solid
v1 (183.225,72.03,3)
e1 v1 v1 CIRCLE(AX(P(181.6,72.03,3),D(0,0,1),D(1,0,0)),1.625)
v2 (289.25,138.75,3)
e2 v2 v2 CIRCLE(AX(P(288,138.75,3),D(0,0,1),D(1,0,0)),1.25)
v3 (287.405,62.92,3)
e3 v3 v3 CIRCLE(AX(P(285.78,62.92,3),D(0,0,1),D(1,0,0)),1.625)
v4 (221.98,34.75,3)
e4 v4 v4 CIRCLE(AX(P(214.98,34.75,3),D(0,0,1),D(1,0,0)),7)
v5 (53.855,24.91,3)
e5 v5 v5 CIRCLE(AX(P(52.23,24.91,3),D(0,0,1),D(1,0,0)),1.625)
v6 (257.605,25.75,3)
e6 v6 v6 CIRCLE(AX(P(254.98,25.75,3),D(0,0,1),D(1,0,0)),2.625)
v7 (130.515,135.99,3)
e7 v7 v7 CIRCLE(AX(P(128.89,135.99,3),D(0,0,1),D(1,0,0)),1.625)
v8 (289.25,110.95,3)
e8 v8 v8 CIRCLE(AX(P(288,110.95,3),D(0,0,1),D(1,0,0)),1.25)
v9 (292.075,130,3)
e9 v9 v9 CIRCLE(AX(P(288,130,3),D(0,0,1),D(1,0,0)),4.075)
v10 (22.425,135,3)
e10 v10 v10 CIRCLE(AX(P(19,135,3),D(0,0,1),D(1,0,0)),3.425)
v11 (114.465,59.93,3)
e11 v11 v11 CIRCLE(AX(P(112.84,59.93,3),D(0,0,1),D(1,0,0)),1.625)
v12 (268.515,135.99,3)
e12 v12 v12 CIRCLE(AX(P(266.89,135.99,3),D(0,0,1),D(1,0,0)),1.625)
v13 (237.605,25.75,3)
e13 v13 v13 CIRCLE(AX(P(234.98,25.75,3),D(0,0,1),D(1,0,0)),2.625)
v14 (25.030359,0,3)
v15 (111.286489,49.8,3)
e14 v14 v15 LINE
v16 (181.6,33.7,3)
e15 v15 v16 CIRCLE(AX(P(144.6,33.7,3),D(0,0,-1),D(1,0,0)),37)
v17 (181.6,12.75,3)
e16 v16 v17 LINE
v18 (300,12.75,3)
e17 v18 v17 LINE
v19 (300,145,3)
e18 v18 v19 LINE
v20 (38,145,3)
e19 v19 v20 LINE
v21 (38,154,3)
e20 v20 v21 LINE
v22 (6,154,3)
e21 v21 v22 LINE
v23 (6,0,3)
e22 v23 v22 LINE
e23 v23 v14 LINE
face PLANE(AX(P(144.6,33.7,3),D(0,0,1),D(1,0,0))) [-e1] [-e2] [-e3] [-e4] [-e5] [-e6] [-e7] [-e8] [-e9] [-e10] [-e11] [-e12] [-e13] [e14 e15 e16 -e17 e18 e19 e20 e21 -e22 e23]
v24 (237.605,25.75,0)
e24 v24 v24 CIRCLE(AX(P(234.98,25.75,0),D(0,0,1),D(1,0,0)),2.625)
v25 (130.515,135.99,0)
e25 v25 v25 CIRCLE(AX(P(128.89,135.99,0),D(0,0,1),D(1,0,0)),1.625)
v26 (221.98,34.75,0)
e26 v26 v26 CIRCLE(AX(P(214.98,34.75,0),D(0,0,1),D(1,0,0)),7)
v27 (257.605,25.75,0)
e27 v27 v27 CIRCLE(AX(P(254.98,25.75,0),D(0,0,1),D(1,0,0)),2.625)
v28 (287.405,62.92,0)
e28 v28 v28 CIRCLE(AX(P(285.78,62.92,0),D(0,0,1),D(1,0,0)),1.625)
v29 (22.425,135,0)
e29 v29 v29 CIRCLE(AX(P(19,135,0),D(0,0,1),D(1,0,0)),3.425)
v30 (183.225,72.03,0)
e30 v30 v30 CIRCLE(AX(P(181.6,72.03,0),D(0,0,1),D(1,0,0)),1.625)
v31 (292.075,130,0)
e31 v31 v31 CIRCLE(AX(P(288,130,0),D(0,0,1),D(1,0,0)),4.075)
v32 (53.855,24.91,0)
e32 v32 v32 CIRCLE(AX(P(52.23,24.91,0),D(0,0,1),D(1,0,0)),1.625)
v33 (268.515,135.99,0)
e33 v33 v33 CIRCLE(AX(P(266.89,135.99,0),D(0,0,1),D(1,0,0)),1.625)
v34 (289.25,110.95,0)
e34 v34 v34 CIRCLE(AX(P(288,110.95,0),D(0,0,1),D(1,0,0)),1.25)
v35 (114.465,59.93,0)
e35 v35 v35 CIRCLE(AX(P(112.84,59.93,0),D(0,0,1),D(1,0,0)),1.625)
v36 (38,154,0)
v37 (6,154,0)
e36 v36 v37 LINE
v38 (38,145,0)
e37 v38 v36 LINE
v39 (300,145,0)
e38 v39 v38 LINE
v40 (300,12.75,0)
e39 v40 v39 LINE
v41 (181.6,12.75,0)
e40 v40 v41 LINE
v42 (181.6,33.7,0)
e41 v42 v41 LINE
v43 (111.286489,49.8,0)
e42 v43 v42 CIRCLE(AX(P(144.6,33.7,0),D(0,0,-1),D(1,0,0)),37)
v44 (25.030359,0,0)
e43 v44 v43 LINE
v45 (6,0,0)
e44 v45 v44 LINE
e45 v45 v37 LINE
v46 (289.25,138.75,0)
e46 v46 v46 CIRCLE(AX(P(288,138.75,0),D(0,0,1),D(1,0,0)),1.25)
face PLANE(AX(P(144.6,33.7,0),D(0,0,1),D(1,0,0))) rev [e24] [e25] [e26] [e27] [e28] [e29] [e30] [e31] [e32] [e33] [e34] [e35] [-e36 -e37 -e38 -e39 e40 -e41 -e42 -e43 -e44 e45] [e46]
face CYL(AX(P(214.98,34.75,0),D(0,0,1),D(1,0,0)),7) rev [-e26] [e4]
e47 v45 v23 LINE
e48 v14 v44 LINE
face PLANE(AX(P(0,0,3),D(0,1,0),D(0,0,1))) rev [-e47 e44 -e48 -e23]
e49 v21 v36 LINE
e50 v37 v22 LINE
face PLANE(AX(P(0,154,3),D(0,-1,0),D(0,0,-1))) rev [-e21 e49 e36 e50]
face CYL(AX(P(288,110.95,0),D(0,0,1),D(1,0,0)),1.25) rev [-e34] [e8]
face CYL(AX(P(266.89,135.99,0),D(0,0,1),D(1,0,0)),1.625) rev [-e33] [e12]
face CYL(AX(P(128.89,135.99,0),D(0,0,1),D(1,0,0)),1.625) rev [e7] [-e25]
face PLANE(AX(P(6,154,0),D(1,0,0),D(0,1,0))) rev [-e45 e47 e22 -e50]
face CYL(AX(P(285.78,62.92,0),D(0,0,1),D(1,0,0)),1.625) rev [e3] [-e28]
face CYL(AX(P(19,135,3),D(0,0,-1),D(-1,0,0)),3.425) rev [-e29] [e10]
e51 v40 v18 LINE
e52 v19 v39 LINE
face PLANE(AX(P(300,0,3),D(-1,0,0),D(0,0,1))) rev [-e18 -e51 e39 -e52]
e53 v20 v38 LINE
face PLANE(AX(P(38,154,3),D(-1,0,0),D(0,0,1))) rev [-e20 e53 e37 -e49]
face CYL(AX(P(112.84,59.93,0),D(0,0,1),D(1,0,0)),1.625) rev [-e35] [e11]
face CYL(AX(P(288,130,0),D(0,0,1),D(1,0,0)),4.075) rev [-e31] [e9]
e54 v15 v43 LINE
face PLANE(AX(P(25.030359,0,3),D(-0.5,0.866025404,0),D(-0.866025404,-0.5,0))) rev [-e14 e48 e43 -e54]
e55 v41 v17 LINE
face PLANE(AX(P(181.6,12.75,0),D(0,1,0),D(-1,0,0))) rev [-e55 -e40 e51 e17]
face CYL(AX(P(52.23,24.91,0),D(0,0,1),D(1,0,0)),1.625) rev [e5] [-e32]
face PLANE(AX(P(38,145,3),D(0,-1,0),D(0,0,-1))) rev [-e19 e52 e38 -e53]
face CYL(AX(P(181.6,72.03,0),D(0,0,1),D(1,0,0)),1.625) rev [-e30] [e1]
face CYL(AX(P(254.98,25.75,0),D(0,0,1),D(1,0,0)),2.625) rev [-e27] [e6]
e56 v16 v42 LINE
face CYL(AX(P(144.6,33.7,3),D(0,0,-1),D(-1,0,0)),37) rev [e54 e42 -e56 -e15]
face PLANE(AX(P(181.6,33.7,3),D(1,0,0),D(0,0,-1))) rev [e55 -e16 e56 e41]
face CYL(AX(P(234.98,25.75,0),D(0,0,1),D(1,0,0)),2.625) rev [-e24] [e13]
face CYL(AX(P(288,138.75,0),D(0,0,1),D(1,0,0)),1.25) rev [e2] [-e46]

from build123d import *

# Parameters (mm, degrees)
SKETCH2_R           = 3.425
BOSS_EXTRUDE2_DEPTH = 3
SKETCH3_W           = 118.4
SKETCH3_H           = 12.75
CUT_EXTRUDE1_DEPTH  = 338.231374578
SKETCH5_R           = 2.625
SKETCH5_R_2         = 4.075
SKETCH5_R_3         = 1.25
SKETCH5_R_4         = 1.625
SKETCH5_R_5         = 7
SKETCH5_W           = 6
SKETCH5_H           = 154
CUT_EXTRUDE2_DEPTH  = 338.231374578


with BuildPart() as part:
    # Sketch2 → Boss-Extrude2 (new body)
    with BuildSketch(Plane.XY):
        with BuildLine():
            Line((25.03035901, 0), (111.286489227, 49.8))
            ThreePointArc((111.286489227, 49.8), (152.858332199, 69.766604349), (181.6, 33.7))
            Line((181.6, 33.7), (181.6, 0))
            Line((181.6, 0), (300, 0))
            Line((300, 0), (300, 145))
            Line((300, 145), (38, 145))
            Line((38, 145), (38, 154))
            Line((38, 154), (19, 154))
            Line((19, 154), (0, 154))
            Line((0, 154), (0, 0))
            Line((0, 0), (25.03035901, 0))
        make_face()
        with Locations((19, 135)):
            Circle(SKETCH2_R, mode=Mode.SUBTRACT)
    extrude(amount=BOSS_EXTRUDE2_DEPTH)

    # Sketch3 → Cut-Extrude1 (cut, through all)
    with BuildSketch(Plane.XY.offset(3)):
        with Locations((240.8, 6.375)):
            Rectangle(SKETCH3_W, SKETCH3_H)
    extrude(amount=-CUT_EXTRUDE1_DEPTH, mode=Mode.SUBTRACT)

    # Sketch5 → Cut-Extrude2 (cut, through all)
    with BuildSketch(Plane.XY.offset(3)):
        with Locations((254.98, 25.75)):
            Circle(SKETCH5_R)
        with Locations((234.98, 25.75)):
            Circle(SKETCH5_R)
        with Locations((288, 130)):
            Circle(SKETCH5_R_2)
        with Locations((288, 138.75)):
            Circle(SKETCH5_R_3)
        with Locations((288, 110.95)):
            Circle(SKETCH5_R_3)
        with Locations((181.6, 72.03)):
            Circle(SKETCH5_R_4)
        with Locations((285.78, 62.92)):
            Circle(SKETCH5_R_4)
        with Locations((52.23, 24.91)):
            Circle(SKETCH5_R_4)
        with Locations((112.84, 59.93)):
            Circle(SKETCH5_R_4)
        with Locations((266.89, 135.99)):
            Circle(SKETCH5_R_4)
        with Locations((128.89, 135.99)):
            Circle(SKETCH5_R_4)
        with Locations((214.98, 34.75)):
            Circle(SKETCH5_R_5)
        with Locations((3, 77)):
            Rectangle(SKETCH5_W, SKETCH5_H)
    extrude(amount=-CUT_EXTRUDE2_DEPTH, mode=Mode.SUBTRACT)


solid = part.part
